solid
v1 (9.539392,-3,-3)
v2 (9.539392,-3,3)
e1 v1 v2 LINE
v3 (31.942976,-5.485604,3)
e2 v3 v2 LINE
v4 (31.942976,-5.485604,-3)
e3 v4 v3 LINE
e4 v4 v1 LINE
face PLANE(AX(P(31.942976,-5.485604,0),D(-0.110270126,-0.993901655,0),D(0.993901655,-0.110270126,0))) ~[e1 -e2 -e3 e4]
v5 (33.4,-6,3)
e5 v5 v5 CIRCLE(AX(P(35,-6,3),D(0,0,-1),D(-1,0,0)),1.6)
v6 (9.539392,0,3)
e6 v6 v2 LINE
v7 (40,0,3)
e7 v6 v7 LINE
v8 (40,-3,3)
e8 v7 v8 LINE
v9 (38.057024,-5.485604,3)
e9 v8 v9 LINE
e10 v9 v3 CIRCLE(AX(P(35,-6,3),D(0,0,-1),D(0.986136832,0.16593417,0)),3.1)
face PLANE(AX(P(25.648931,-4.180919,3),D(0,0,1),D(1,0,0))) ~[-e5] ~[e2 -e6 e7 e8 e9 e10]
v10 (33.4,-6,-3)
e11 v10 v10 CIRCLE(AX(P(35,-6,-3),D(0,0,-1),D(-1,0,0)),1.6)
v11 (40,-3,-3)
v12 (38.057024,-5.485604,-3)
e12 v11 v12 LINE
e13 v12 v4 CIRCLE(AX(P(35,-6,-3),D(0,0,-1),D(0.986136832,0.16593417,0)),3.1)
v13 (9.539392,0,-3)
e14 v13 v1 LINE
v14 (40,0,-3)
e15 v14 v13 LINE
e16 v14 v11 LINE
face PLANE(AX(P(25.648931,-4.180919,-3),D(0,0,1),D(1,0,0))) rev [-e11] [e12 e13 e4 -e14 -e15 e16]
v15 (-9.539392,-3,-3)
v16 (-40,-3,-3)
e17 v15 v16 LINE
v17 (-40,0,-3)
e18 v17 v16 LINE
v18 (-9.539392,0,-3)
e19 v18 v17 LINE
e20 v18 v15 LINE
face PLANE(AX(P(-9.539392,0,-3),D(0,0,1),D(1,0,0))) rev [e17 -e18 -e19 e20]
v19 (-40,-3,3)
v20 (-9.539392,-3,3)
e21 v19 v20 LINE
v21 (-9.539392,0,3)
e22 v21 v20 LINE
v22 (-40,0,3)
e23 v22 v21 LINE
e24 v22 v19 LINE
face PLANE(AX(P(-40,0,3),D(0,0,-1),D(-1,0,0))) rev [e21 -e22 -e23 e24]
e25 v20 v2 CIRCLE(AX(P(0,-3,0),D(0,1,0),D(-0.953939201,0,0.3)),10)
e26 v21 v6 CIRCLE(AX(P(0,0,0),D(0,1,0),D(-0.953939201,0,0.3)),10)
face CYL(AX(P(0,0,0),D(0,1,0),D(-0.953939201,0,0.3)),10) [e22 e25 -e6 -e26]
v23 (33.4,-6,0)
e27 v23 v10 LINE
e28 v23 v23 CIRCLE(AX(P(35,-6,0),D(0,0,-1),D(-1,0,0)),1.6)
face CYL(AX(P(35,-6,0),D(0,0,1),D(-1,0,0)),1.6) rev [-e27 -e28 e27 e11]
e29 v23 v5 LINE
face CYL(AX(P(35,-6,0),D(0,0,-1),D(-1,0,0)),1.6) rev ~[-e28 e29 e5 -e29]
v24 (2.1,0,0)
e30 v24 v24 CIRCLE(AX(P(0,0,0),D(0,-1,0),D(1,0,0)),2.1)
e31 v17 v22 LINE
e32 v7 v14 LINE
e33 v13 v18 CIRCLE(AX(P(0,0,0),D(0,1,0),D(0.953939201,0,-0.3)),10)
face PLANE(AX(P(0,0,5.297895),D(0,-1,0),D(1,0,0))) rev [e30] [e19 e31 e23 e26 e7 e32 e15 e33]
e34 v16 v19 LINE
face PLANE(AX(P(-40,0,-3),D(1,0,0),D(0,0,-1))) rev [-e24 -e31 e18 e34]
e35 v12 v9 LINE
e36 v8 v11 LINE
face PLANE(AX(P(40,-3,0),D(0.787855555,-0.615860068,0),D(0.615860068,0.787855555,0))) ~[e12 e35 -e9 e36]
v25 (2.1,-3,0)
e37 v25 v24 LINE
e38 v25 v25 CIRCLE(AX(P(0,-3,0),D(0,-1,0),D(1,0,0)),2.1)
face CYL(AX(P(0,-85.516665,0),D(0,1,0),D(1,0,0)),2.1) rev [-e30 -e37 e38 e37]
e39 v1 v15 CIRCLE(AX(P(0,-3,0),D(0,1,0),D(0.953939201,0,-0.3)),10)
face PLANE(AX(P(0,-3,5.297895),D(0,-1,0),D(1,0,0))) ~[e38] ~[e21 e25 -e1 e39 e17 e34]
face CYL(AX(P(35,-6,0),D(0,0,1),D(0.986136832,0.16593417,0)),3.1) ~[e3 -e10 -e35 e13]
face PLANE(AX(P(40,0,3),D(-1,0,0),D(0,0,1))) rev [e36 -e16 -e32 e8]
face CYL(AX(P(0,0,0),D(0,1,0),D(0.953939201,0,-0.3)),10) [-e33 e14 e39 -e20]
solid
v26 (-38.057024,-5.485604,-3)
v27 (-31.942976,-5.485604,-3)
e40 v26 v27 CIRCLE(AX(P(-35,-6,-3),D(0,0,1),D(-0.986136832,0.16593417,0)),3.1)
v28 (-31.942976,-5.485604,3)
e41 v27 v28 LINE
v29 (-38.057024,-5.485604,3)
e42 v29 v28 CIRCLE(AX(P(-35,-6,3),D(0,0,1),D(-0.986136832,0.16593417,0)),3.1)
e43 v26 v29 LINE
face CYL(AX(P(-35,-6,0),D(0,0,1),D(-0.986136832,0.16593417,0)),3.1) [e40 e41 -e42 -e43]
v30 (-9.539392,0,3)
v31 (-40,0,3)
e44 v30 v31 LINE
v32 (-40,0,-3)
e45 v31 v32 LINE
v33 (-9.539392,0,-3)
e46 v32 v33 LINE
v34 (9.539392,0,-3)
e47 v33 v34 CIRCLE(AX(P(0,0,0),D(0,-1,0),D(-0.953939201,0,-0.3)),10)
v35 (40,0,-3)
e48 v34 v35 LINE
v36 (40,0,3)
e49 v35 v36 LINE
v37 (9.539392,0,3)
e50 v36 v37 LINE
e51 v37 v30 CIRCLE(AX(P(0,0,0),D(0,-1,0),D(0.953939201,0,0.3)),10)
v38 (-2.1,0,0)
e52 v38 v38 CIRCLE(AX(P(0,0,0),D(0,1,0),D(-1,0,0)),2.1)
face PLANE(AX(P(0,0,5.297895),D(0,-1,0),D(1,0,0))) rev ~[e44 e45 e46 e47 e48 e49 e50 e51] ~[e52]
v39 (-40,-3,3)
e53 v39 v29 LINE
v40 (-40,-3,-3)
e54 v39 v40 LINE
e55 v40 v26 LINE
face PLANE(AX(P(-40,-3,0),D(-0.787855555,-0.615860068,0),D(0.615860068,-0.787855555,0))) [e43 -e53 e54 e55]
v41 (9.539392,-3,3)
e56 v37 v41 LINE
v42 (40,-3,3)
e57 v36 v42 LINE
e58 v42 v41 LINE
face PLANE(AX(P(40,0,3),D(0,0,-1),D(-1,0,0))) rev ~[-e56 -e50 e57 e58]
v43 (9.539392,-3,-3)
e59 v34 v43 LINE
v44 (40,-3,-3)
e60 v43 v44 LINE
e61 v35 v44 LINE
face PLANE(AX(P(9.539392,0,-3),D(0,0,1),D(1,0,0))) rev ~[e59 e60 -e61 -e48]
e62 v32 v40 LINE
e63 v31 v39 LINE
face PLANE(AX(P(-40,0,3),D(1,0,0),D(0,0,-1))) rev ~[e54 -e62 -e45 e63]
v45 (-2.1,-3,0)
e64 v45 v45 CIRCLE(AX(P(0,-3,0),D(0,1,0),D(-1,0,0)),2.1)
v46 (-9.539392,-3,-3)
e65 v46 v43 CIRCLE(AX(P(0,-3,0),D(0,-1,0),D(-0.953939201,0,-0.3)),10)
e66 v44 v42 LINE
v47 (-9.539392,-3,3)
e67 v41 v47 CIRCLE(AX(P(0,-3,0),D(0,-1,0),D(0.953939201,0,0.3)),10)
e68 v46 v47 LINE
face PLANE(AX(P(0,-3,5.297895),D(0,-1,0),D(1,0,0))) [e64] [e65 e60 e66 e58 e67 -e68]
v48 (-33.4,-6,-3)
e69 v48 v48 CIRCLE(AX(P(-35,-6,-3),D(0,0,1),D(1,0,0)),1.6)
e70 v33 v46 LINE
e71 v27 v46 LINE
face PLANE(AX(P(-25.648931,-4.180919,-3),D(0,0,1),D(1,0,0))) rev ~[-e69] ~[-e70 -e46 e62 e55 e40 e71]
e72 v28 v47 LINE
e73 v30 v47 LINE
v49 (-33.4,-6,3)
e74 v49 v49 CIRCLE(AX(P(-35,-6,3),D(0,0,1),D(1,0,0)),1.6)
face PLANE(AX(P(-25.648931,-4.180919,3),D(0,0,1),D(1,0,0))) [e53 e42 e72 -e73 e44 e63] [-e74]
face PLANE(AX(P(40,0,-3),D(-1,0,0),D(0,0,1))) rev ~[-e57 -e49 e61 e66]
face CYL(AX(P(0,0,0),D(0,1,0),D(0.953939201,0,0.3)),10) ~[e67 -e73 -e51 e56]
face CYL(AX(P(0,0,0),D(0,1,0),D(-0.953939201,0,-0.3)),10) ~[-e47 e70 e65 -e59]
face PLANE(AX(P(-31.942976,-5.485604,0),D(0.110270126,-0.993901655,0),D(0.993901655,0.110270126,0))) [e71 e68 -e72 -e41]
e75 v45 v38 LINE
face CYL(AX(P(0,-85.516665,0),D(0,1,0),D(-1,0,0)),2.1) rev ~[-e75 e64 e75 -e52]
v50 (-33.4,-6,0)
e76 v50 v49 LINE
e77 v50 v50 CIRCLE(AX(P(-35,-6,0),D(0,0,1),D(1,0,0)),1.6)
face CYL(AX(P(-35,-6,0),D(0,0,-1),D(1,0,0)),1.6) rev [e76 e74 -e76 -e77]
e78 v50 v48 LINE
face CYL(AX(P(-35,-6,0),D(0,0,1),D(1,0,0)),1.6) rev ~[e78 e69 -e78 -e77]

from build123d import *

# Parameters (mm, degrees)
F1_DEPTH      = 3
F3_D          = 4.2
F4_R          = 1.6
F5_DEPTH      = 3
F5_DEPTH_BACK = 3


with BuildPart() as f1:
    # F0 (on Front) → F1 (new body)
    with BuildSketch(Plane.XZ):
        with BuildLine():
            Line((-9.5393920142, 3), (9.5393920142, 3))
            ThreePointArc((9.5393920142, 3), (0, 10), (-9.5393920142, 3))
        make_face()
        with BuildLine():
            ThreePointArc((9.5393920142, -3), (9.8841772582, -1.5175769928), (10, 0))
            ThreePointArc((10, 0), (9.8841772582, 1.5175769928), (9.5393920142, 3))
            Line((9.5393920142, 3), (-9.5393920142, 3))
            ThreePointArc((-9.5393920142, 3), (-10, 0), (-9.5393920142, -3))
            Line((-9.5393920142, -3), (9.5393920142, -3))
        make_face()
        with BuildLine():
            ThreePointArc((9.5393920142, 3), (9.8841772582, 1.5175769928), (10, 0))
            ThreePointArc((10, 0), (9.8841772582, -1.5175769928), (9.5393920142, -3))
            Line((9.5393920142, -3), (40, -3))
            Line((40, -3), (40, 3))
            Line((40, 3), (9.5393920142, 3))
        make_face()
        with BuildLine():
            ThreePointArc((-9.5393920142, -3), (0, -10), (9.5393920142, -3))
            Line((9.5393920142, -3), (-9.5393920142, -3))
        make_face()
        with BuildLine():
            ThreePointArc((-9.5393920142, -3), (-10, 0), (-9.5393920142, 3))
            Line((-9.5393920142, 3), (-40, 3))
            Line((-40, 3), (-40, -3))
            Line((-40, -3), (-9.5393920142, -3))
        make_face()
    extrude(amount=F1_DEPTH)

    # F3 (through all)
    with Locations(Plane.XZ.offset(3)):
        with Locations((0, 0)):
            Hole(F3_D / 2)

    # F4 (on Top) → F5 (join, two sides)
    with BuildSketch(Plane.XY) as f5_sk:
        with BuildLine():
            Line((-40, -3), (-38.0570241789, -5.4856040731))
            ThreePointArc((-38.0570241789, -5.4856040731), (-35, -9.1), (-31.9429758211, -5.4856040731))
            Line((-31.9429758211, -5.4856040731), (-9.5393920142, -3))
            Line((-9.5393920142, -3), (-40, -3))
        make_face()
        with Locations((-35, -6)):
            Circle(F4_R, mode=Mode.SUBTRACT)
    extrude(amount=F5_DEPTH)
    extrude(f5_sk.sketch, amount=-F5_DEPTH_BACK)


with BuildPart() as f6_1:
    # F6: instance of F1
    add(f1.part.mirror(Plane.YZ))


solid = Compound([f1.part, f6_1.part])
